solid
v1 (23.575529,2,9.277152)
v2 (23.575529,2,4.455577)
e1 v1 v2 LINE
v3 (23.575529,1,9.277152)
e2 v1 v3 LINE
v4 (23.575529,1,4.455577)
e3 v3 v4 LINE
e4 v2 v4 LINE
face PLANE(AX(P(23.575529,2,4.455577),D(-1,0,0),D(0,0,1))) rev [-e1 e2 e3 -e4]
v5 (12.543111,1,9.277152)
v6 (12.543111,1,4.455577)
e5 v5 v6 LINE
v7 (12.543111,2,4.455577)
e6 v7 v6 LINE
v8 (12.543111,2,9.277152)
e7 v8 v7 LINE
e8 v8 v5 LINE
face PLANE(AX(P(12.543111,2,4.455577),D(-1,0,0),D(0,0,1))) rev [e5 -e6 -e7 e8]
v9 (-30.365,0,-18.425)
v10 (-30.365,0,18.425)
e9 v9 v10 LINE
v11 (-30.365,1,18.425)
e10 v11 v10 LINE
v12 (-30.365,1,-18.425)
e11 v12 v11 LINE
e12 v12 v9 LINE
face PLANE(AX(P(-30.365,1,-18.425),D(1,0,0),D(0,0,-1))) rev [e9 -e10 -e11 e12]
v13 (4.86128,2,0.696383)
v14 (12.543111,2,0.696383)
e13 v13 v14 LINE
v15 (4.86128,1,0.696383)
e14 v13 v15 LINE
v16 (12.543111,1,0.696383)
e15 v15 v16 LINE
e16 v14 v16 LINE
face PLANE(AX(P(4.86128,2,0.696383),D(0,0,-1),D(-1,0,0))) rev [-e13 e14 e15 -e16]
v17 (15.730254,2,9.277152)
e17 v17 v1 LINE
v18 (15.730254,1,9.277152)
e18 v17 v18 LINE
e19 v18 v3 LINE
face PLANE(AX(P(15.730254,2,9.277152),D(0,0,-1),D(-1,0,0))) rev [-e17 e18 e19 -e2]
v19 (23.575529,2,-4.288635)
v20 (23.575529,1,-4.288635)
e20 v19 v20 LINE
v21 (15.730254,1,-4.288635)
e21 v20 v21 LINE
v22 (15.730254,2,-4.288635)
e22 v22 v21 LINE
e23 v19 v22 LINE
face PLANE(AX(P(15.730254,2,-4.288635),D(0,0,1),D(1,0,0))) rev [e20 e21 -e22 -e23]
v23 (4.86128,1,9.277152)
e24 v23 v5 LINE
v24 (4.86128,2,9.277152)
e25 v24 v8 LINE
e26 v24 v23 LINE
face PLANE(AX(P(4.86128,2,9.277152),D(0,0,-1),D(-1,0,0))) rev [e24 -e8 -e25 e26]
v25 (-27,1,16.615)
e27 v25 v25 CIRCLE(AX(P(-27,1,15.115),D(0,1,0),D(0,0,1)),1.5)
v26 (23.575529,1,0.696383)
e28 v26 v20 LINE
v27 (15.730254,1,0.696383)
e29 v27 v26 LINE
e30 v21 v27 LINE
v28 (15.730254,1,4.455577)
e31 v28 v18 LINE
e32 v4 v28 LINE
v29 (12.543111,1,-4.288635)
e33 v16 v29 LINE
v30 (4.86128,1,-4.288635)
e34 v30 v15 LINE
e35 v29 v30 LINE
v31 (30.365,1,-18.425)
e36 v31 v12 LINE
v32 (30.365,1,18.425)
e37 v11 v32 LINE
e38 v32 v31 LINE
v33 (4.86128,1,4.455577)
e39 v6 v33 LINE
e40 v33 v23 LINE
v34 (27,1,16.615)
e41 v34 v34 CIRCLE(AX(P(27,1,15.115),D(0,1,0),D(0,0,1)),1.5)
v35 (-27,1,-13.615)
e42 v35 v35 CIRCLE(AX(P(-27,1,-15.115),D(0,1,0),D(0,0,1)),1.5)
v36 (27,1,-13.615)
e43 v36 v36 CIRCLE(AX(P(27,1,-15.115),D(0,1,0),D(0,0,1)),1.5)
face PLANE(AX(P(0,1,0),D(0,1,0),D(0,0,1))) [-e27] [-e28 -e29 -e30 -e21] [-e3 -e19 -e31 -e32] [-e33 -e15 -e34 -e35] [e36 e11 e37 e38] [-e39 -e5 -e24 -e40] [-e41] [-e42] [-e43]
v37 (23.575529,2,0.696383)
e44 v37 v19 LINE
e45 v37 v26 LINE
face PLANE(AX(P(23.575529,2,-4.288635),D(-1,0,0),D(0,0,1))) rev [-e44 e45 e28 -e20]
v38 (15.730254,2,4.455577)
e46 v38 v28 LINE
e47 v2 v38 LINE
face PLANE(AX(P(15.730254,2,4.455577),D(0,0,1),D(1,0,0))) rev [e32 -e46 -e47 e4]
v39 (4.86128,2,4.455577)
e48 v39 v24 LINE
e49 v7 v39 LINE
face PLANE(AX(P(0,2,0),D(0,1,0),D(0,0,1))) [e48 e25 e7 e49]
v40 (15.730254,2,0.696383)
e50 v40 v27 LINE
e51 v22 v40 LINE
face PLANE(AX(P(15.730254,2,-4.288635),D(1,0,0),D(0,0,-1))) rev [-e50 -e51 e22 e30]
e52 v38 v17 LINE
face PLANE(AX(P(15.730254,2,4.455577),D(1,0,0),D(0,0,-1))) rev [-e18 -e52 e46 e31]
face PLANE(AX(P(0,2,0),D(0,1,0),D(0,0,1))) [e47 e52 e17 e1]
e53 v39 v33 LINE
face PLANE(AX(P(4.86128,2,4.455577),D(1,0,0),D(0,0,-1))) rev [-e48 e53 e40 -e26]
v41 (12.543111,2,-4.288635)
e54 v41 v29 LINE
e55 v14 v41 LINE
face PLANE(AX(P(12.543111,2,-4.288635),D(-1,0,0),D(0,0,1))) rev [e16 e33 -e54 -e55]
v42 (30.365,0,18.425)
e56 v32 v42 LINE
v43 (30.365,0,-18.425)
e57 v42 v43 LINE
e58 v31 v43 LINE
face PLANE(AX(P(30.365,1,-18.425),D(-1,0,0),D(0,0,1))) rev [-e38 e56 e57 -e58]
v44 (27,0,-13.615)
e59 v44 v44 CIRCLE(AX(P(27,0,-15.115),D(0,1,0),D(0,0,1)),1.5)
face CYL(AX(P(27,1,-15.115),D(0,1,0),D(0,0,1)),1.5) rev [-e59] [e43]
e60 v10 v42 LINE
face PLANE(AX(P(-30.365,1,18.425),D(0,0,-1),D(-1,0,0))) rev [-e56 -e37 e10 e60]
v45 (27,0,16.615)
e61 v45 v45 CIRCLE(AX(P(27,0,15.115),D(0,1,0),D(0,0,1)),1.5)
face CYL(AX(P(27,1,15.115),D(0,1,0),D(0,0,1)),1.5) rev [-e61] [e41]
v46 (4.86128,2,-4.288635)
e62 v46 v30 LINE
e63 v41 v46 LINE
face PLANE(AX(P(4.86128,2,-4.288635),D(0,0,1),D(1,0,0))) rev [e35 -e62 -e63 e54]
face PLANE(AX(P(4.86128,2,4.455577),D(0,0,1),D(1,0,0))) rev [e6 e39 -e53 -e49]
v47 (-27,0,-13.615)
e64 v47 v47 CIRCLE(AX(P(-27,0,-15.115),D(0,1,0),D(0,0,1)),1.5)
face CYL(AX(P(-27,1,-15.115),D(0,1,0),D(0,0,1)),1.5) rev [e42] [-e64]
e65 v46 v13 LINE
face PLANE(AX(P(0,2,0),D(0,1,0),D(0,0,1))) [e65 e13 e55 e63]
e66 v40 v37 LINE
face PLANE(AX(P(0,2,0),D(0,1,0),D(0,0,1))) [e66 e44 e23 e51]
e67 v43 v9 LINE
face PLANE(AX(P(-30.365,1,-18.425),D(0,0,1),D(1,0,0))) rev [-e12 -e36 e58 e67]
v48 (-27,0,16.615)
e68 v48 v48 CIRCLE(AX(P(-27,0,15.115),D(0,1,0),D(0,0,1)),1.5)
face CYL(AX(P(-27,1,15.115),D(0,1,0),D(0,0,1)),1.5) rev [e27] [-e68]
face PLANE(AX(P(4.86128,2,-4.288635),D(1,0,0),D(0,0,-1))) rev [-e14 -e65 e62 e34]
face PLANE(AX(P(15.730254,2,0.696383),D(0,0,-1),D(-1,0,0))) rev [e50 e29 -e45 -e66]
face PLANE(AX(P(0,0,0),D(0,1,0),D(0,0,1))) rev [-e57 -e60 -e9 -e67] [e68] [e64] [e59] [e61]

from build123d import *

# Parameters (mm, degrees)
SKETCH_2_W                = 60.73
SKETCH_2_H                = 36.85
EXTRUDE_1_DEPTH           = 1
HOLE_WIZARD_3_0_3_1_D     = 3
HOLE_WIZARD_3_0_3_1_DEPTH = 12.4
HOLE_WIZARD_3_0_3_1_TIP   = 0.901290929
SKETCH_6_W                = 7.681831357
SKETCH_6_H                = 4.985018222
SKETCH_6_W_2              = 7.845274578
SKETCH_6_H_2              = 4.821575001
EXTRUDE_2_DEPTH           = 1


with BuildPart() as part:
    # 草图2 → 凸台-拉伸1 (new body)
    with BuildSketch(Plane(origin=(0, 0, 0), x_dir=(1, 0, 0), z_dir=(0, 1, 0))):
        Rectangle(SKETCH_2_W, SKETCH_2_H)
    extrude(amount=EXTRUDE_1_DEPTH)

    # Ø3.0 (3) 直径孔1
    with Locations(Plane(origin=(0, 1, 0), x_dir=(1, 0, 0), z_dir=(0, 1, 0))):
        with Locations((-27, 15.115), (27, 15.115), (27, -15.115), (-27, -15.115)):
            Hole(HOLE_WIZARD_3_0_3_1_D / 2, depth=HOLE_WIZARD_3_0_3_1_DEPTH)
            with Locations((0, 0, -(HOLE_WIZARD_3_0_3_1_DEPTH + HOLE_WIZARD_3_0_3_1_TIP / 2))):  # 118° drill point
                Cone(0, HOLE_WIZARD_3_0_3_1_D / 2, HOLE_WIZARD_3_0_3_1_TIP, mode=Mode.SUBTRACT)

    # 草图6 → 凸台-拉伸2 (add)
    with BuildSketch(Plane(origin=(0, 1, 0), x_dir=(1, 0, 0), z_dir=(0, 1, 0))):
        with Locations((8.702195721, 1.796125826)):
            Rectangle(SKETCH_6_W, SKETCH_6_H)
        with Locations((19.652891485, 1.796125826)):
            Rectangle(SKETCH_6_W_2, SKETCH_6_H)
        with Locations((8.702195721, -6.866364854)):
            Rectangle(SKETCH_6_W, SKETCH_6_H_2)
        with Locations((19.652891485, -6.866364854)):
            Rectangle(SKETCH_6_W_2, SKETCH_6_H_2)
    extrude(amount=EXTRUDE_2_DEPTH)


solid = part.part
